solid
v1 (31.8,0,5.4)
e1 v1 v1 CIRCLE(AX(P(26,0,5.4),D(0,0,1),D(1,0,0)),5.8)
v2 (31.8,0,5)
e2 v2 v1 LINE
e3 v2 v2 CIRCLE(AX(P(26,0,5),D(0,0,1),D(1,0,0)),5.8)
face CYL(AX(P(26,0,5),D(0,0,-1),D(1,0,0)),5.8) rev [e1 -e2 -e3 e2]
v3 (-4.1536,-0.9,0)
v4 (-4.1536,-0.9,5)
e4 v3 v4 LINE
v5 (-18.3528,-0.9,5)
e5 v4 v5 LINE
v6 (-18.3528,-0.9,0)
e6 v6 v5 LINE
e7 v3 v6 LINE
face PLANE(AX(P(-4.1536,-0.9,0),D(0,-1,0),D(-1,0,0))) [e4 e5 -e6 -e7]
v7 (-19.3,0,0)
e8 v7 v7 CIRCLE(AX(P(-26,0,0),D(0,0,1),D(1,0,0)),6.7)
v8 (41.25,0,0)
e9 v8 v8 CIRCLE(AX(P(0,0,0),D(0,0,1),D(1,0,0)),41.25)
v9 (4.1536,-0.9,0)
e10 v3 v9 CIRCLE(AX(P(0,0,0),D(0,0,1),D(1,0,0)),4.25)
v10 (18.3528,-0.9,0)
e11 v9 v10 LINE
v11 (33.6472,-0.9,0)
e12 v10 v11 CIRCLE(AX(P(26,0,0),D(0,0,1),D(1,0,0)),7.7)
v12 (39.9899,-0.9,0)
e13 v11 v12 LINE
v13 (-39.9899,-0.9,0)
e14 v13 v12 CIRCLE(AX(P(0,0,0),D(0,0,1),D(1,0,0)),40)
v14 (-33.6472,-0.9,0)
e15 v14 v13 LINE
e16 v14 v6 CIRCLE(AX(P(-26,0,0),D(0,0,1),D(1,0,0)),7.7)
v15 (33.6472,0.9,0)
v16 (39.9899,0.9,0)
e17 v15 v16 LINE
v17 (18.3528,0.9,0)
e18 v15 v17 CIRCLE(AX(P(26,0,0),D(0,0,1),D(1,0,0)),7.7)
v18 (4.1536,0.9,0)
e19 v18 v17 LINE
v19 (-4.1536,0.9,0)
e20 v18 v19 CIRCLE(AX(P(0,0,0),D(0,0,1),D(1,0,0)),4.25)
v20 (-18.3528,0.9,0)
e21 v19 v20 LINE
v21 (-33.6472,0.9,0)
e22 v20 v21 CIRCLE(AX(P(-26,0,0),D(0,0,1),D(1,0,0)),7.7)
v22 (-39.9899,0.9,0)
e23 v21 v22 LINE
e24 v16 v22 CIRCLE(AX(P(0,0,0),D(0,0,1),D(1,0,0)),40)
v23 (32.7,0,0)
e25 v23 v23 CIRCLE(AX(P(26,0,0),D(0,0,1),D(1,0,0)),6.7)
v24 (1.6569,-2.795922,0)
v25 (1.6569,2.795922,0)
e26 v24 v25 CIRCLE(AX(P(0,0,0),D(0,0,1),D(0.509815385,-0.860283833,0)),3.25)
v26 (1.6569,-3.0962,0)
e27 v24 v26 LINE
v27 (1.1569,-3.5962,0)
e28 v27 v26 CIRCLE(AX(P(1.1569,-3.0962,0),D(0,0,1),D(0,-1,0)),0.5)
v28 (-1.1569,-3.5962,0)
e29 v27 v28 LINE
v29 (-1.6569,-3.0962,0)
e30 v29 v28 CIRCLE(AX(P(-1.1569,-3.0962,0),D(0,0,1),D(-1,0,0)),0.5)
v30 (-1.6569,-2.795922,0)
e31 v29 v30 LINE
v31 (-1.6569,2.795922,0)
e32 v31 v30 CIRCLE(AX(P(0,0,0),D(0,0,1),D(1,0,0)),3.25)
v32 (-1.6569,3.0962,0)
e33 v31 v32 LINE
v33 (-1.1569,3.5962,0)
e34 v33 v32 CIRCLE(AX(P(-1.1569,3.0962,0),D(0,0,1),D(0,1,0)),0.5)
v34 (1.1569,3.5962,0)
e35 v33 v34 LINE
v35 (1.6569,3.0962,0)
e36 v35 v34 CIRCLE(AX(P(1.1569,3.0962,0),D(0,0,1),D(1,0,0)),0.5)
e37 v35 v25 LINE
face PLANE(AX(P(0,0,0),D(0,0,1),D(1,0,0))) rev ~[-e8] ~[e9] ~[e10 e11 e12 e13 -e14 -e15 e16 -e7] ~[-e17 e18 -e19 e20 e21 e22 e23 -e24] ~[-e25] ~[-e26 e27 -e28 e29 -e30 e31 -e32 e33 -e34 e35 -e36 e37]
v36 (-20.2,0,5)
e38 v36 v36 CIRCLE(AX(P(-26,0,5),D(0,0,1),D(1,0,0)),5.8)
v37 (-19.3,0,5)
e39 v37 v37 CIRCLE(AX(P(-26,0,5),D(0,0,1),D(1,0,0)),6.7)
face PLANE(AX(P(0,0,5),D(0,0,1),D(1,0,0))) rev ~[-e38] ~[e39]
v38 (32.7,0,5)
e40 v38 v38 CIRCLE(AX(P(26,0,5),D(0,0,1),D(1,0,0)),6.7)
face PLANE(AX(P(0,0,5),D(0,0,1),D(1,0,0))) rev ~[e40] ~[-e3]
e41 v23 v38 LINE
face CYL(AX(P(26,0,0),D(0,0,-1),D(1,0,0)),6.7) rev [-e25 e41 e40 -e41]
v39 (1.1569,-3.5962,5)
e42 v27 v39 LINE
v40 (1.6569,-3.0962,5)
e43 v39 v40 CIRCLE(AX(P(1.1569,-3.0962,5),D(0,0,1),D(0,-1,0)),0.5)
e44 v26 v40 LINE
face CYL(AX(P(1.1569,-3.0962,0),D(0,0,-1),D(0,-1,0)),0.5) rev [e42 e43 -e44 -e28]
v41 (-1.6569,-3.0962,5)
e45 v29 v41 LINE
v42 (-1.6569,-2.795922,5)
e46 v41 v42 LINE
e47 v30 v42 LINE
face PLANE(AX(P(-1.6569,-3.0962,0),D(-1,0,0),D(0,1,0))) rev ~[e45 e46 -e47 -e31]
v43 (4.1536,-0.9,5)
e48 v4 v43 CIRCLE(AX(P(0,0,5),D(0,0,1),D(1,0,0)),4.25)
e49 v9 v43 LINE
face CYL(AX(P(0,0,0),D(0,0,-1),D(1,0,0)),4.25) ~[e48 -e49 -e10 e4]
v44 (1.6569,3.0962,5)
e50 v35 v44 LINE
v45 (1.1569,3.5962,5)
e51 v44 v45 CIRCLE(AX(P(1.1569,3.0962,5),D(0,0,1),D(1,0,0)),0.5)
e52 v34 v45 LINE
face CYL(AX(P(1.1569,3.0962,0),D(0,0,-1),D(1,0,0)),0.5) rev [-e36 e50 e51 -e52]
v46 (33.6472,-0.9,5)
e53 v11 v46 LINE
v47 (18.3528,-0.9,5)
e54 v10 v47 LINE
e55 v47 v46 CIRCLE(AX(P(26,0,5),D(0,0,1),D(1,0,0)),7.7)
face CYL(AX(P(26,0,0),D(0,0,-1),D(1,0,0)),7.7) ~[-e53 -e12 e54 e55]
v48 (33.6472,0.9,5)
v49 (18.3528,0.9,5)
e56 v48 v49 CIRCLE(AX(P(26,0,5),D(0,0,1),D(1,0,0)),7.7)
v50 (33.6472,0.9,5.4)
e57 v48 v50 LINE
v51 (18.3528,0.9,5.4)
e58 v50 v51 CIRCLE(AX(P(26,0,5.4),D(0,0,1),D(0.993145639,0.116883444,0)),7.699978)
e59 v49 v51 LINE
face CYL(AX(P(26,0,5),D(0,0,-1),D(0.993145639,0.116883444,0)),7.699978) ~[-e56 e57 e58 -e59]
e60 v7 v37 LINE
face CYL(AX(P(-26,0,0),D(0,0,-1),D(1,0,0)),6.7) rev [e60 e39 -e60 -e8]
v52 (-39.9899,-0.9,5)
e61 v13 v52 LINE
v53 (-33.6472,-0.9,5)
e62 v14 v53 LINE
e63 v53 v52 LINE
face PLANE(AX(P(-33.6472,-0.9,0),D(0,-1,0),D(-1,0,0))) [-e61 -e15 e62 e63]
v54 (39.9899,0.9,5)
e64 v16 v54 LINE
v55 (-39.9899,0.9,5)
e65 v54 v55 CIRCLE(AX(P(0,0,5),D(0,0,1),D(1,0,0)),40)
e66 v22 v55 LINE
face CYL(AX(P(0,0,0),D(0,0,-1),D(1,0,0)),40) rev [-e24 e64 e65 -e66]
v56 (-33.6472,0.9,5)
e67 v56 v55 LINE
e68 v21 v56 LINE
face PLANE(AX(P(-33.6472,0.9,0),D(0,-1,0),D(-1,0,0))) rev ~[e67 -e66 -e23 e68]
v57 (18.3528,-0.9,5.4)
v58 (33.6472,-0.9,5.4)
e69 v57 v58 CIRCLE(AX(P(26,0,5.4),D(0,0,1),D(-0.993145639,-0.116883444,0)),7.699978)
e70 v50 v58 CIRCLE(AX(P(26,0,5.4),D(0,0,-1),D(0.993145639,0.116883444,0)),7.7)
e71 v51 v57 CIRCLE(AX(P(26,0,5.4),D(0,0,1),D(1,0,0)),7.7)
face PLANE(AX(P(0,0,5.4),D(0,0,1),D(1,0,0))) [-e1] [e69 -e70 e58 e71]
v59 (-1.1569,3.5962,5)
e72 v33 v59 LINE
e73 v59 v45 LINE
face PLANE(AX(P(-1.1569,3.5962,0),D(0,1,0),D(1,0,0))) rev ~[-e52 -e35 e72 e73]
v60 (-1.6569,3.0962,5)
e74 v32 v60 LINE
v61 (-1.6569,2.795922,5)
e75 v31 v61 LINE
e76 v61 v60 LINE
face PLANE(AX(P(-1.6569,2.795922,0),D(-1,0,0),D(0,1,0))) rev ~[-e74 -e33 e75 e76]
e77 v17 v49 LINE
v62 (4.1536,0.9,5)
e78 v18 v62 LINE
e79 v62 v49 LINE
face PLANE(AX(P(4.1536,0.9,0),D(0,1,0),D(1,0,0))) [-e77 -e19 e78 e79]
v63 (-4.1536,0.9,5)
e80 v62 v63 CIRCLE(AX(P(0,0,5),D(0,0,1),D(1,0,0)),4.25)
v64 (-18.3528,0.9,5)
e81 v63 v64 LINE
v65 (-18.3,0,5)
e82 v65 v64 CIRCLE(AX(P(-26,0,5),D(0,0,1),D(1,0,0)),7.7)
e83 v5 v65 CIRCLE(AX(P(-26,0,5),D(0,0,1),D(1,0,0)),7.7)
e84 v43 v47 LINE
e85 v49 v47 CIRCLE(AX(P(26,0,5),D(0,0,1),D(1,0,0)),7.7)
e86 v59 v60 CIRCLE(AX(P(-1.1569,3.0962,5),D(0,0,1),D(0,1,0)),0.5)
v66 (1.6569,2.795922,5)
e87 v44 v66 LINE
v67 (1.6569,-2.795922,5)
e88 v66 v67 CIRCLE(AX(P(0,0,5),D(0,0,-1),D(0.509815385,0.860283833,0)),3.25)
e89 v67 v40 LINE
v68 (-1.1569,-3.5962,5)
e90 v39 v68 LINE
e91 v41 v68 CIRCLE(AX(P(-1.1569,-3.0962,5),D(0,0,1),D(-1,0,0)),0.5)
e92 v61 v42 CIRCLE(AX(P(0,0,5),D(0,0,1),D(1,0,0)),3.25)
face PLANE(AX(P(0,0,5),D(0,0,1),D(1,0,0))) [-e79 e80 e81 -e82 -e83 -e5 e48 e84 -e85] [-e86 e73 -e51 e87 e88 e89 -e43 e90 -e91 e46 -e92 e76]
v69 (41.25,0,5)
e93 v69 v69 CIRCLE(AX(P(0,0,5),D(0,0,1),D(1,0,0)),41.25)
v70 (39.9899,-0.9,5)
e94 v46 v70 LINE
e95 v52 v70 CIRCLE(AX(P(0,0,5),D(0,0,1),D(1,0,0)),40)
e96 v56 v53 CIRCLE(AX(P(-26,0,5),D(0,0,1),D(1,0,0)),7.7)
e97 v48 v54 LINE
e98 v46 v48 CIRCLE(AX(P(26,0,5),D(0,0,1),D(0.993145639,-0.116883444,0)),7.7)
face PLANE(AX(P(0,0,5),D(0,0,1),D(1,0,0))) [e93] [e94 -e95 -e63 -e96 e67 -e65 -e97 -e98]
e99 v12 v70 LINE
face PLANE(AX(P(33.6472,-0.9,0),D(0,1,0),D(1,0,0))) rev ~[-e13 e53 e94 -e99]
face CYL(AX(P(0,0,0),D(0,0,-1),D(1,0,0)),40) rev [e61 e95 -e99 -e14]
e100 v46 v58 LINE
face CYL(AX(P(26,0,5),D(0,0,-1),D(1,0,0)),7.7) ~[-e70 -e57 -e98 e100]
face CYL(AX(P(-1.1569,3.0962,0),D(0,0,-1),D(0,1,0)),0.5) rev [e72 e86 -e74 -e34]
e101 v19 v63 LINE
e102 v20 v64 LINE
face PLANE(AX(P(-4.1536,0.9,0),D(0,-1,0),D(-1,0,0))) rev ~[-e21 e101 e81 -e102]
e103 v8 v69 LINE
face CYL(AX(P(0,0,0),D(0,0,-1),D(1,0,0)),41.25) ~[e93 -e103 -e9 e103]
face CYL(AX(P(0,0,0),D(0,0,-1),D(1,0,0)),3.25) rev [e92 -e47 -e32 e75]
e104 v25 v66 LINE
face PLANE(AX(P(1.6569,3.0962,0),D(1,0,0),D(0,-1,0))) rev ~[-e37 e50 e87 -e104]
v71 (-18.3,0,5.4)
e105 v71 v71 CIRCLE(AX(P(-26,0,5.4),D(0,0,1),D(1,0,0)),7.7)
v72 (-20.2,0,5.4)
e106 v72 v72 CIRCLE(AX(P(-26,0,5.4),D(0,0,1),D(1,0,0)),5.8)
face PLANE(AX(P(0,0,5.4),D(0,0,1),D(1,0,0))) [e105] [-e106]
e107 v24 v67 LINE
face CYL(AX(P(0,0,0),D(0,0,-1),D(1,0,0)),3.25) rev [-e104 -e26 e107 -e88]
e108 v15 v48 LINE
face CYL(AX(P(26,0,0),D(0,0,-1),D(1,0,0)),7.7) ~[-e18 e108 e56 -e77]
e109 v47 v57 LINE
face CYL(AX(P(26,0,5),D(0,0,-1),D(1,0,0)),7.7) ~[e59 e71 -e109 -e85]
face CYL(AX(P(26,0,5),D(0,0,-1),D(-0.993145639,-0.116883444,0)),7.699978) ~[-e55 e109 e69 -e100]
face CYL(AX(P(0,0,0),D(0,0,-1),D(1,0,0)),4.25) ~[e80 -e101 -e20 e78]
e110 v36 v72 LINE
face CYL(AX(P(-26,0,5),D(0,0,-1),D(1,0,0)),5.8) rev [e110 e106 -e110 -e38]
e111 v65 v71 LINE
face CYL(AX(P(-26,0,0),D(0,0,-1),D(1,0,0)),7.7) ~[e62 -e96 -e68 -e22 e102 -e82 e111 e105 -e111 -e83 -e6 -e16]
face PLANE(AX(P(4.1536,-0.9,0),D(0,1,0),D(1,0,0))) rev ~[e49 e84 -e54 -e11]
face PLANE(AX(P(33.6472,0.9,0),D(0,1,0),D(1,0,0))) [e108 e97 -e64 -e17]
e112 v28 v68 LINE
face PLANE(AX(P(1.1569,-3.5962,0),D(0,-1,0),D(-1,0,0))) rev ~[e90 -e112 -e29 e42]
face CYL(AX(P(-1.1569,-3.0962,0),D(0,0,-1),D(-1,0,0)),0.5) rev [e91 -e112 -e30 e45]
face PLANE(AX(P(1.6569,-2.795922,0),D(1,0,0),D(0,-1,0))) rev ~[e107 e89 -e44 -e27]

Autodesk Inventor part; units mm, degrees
ref_plane "YZ Plane" through (0, 0, 0) normal (1, 0, 0) x (0, 1, 0)
ref_plane "XZ Plane" through (0, 0, 0) normal (0, 1, 0) x (-1, 0, 0)
ref_plane "XY Plane" through (0, 0, 0) normal (0, 0, 1) x (1, 0, 0)
sketch "Sketch1" plane through (0, 0, 0) normal (0, 0, 1) x (1, 0, 0)
  circle A0 centre (0, 0) radius 40
  circle A1 centre (0, 0) radius 41.25
  circle A2 centre (0, 0) radius 3.25
  circle A3 centre (0, 0) radius 4.25
  circle A4 centre (26, 0) radius 6.7
  circle A5 centre (26, 0) radius 7.7
  line L0 (0, 0) -> (43.8957, 0) construction
  line L1 (4.1536, 0.9) -> (18.3528, 0.9)
  line L2 (33.6472, 0.9) -> (39.9899, 0.9)
  line L3 (4.1536, -0.9) -> (18.3528, -0.9)
  line L4 (33.6472, -0.9) -> (39.9899, -0.9)
  line L5 (-4.1536, -0.9) -> (-18.3528, -0.9)
  line L6 (-4.1536, 0.9) -> (-18.3528, 0.9)
  circle A6 centre (-26, 0) radius 7.7
  circle A7 centre (-26, 0) radius 6.7
  line L7 (-33.6472, 0.9) -> (-39.9899, 0.9)
  line L8 (-33.6472, -0.9) -> (-39.9899, -0.9)
  line L9 (1.1569, -3.5962) -> (-1.1569, -3.5962)
  line L10 (-1.6569, -3.0962) -> (-1.6569, 3.0962)
  line L11 (-1.1569, 3.5962) -> (1.1569, 3.5962)
  line L12 (1.6569, 3.0962) -> (1.6569, -3.0962)
  line L13 (1.6569, -3.5962) -> (-1.6569, 3.5962) construction
  line L14 (-1.6569, -3.5962) -> (1.6569, 3.5962) construction
  arc A8 (-1.1569, 3.5962) -> (-1.6569, 3.0962) centre (-1.1569, 3.0962) ccw
  arc A9 (1.6569, 3.0962) -> (1.1569, 3.5962) centre (1.1569, 3.0962) ccw
  arc A10 (1.1569, -3.5962) -> (1.6569, -3.0962) centre (1.1569, -3.0962) ccw
  arc A11 (-1.6569, -3.0962) -> (-1.1569, -3.5962) centre (-1.1569, -3.0962) ccw
  point P0 (-1.6569, -2.7959)
  point P1 (-1.6569, 2.7959)
  point P2 (1.6569, 2.7959)
  point P3 (1.6569, -2.7959)
  dimension "d0" = 80
  dimension "d3" = 8.5
  dimension "d1" = 82.5
  dimension "d2" = 6.5
  dimension "d4" = 13.4
  dimension "d5" = 26
  dimension "d6" = 15.4
  dimension "d10" = 0.9
  dimension "d11" = 0.9
  dimension "d14" = 360
  dimension "d16" = 7.1923
  dimension "d17" = 3.3137
  dimension "d18" = 0.5
extrude "Extrusion1" add sketch "Sketch1" along normal blind 5 contours A0 L4 A5 L2 | L7 A6 L8 A0 | A5 | A6 | A5 L3 A3 L1 | L6 A3 L5 A6 | A3 | A1
sketch "Sketch2" plane through (0, 0, 5) normal (0, 0, 1) x (1, 0, 0)
  arc A0 (33.6472, 0.9) -> (18.3528, 0.9) centre (26, 0) ccw projected
  circle A1 centre (26, 0) radius 7.7
  circle A2 centre (26, 0) radius 5.8
  arc A3 (18.3528, -0.9) -> (33.6472, -0.9) centre (26, 0) ccw projected
  circle A4 centre (-26, 0) radius 5.8
  circle A5 centre (-26, 0) radius 7.7
  point P0 (0, 0)
  point P1 (18.3528, 0.9)
  point P2 (33.6472, 0.9)
  point P3 (-18.3528, 0.9)
  point P4 (-33.6472, 0.9)
  dimension "d21" = 7.7
  dimension "d22" = 11.6
  dimension "d27" = 360
extrude "Extrusion2" add sketch "Sketch2" along normal blind 0.4
equation "\"d0\" = D_yttreRing_i"
equation "\"d3\" = D_inreRing_i + d_inreRing"
equation "\"d1\" = D_yttreRing_i + d_yttreRing"
equation "\"d2\" = D_inreRing_i"
equation "\"d4\" = D_magnet + d_toleransRing"
equation "\"d5\" = l_magnetHållarRingFrånOrigo"
equation "\"d6\" = d_toleransRing + D_magnet + d_magnetHållarRing"
equation "\"d10\" = 0.5 * d_stöttor"
equation "\"d11\" = 0.5 * d_stöttor"
equation "\"d18\" = r_filletAxel"
equation "\"d19\" = h_höjdMagnetRotor"
equation "\"d22\" = D_magnet - d_magnetSkydd"
equation "\"d23\" = h_magnetSkydd"
equation "\"D_yttreRing_i\" = 80"
equation "\"d_yttreRing\" = 2.5"
equation "\"D_magnet\" = 13"
equation "\"D_inreRing_i\" = 6.5"
equation "\"d_inreRing\" = 2"
equation "\"h_höjdMagnetRotor\" = 5"
equation "\"d_stöttor\" = 1.8"
equation "\"d_toleransRing\" = 0.4"
equation "\"d_magnetHållarRing\" = 2"
equation "\"l_magnetHållarRingFrånOrigo\" = 26"
equation "\"r_filletAxel\" = 0.5"
equation "\"h_magnetSkydd\" = 0.4"
equation "\"d_magnetSkydd\" = 1.4"
properties part number "Magnet_rotor_parametriserad_02"
